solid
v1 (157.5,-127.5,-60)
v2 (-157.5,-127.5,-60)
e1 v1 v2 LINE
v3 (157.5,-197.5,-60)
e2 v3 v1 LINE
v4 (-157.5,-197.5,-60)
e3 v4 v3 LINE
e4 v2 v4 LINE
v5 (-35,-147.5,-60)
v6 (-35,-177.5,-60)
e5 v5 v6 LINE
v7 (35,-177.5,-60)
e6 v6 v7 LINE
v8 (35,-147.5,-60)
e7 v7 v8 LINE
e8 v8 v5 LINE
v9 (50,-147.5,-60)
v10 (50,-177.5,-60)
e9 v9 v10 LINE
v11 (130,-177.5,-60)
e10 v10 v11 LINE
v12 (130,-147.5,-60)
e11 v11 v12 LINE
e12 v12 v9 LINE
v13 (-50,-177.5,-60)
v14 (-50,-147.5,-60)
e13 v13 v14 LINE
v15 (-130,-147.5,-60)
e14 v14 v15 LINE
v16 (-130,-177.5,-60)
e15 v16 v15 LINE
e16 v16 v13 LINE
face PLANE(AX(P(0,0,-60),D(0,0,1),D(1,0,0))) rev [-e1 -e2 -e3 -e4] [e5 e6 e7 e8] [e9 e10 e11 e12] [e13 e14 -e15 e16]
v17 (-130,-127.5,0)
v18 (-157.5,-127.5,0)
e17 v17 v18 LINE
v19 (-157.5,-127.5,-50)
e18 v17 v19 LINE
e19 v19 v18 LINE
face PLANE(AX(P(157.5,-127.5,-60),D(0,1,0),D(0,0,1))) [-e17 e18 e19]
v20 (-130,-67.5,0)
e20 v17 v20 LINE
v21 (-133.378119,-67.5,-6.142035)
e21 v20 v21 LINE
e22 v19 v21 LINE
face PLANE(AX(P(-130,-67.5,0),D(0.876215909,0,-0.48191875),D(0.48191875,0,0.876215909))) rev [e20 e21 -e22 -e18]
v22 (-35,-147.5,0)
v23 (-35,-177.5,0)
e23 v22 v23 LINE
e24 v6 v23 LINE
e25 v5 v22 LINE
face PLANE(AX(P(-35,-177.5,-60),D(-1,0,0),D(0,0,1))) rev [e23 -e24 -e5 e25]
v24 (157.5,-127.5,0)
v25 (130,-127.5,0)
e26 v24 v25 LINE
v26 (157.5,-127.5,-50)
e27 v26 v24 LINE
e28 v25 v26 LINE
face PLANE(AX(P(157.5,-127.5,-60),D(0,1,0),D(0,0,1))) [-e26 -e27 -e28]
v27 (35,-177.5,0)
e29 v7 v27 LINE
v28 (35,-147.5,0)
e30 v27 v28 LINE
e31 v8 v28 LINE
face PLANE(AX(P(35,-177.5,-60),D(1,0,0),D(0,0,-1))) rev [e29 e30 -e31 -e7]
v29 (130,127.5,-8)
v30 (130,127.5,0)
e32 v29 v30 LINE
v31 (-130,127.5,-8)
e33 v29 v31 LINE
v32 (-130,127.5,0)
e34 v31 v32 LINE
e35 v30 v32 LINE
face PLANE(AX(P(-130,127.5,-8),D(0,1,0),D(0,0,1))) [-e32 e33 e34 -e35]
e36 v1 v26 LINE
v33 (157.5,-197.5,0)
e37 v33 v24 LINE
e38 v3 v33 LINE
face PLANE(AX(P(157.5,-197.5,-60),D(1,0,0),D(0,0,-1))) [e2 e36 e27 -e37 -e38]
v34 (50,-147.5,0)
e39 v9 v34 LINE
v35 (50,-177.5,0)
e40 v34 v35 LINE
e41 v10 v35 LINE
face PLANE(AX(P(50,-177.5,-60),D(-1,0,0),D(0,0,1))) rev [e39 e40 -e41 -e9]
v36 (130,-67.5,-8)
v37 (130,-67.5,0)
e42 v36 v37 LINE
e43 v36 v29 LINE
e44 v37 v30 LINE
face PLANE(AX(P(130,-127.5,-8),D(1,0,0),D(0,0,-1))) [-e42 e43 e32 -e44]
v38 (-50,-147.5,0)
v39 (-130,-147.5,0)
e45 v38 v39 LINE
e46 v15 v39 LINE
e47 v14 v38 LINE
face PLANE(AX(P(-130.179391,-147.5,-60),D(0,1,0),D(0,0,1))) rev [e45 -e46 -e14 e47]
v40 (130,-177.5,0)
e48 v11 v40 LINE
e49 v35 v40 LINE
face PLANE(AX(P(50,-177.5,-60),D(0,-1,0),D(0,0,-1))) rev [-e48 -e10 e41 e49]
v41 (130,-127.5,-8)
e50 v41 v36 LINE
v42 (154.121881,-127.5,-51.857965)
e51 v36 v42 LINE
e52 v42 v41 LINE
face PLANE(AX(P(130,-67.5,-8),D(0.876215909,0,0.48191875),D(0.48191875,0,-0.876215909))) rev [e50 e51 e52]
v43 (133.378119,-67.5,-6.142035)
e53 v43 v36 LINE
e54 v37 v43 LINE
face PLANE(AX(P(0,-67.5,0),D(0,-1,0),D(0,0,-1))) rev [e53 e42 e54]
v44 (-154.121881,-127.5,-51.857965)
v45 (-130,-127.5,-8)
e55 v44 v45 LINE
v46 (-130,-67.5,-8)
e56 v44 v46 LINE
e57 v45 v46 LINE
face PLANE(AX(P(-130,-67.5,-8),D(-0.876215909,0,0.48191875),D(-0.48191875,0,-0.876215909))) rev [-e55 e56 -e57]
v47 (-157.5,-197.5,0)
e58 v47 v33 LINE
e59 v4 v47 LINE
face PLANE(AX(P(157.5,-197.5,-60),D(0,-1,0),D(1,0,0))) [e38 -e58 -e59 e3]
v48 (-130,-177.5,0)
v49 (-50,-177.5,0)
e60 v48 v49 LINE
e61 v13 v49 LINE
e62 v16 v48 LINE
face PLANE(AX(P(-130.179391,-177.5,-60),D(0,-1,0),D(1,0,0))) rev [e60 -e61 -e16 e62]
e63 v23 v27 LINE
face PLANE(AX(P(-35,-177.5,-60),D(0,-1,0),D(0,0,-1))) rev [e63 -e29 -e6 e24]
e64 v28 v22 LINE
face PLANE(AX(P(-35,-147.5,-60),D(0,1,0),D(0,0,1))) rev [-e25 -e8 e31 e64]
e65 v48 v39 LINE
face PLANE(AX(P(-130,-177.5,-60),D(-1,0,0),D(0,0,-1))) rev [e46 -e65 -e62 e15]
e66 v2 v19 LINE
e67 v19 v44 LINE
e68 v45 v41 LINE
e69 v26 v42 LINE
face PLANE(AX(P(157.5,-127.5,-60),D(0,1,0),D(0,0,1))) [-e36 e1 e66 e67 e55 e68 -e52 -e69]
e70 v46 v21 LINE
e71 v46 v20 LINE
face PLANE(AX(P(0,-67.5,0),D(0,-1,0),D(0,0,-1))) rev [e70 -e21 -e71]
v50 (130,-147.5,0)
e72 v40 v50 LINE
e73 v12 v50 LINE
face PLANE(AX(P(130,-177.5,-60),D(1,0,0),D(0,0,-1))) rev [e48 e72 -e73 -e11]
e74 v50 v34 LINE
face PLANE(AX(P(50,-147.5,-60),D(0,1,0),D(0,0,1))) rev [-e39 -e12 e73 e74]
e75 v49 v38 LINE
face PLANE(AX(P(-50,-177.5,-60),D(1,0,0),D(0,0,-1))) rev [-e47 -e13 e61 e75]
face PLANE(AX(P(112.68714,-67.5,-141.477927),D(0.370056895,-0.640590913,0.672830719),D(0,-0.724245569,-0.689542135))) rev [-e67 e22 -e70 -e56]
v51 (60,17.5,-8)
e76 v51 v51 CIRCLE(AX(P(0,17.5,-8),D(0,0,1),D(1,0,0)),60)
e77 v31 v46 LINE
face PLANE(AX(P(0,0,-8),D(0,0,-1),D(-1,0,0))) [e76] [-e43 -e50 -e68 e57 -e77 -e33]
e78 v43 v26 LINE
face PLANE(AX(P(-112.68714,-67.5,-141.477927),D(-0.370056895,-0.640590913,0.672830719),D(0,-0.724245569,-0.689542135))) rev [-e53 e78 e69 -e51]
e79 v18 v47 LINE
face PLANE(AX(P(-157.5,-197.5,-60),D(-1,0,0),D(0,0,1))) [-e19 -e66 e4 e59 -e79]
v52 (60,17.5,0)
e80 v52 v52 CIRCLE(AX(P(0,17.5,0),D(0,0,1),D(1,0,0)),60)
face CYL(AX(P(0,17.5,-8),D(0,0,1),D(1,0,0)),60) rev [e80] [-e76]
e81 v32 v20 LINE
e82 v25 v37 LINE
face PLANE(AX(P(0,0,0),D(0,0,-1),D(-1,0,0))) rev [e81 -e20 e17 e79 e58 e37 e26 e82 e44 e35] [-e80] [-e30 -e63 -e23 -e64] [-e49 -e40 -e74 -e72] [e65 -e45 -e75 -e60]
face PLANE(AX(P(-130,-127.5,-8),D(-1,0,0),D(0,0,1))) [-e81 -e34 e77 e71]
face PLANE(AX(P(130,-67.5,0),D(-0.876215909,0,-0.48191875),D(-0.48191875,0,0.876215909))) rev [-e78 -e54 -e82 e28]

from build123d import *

# Parameters (mm, degrees)
SKETCH1_W           = 260
SKETCH1_H           = 255
SKETCH1_R           = 60
BOSS_EXTRUDE1_DEPTH = 8
SKETCH2_W           = 315
SKETCH2_H           = 70
SKETCH2_W_2         = 70
SKETCH2_H_2         = 30
SKETCH2_W_3         = 80
SKETCH2_W_4         = 80.179391324
BOSS_EXTRUDE2_DEPTH = 60
BOSS_EXTRUDE3_DEPTH = 60
CUT_EXTRUDE2_DEPTH  = 281.827198731
CUT_EXTRUDE3_DEPTH  = 281.827198731


with BuildPart() as part:
    # Sketch1 → Boss-Extrude1 (new body)
    with BuildSketch(Plane.XY):
        Rectangle(SKETCH1_W, SKETCH1_H)
        with Locations((0, 17.5)):
            Circle(SKETCH1_R, mode=Mode.SUBTRACT)
    extrude(amount=-BOSS_EXTRUDE1_DEPTH)

    # Sketch2 → Boss-Extrude2 (add)
    with BuildSketch(Plane.XY):
        with Locations((0, -162.5)):
            Rectangle(SKETCH2_W, SKETCH2_H)
        with Locations((0, -162.5)):
            Rectangle(SKETCH2_W_2, SKETCH2_H_2, mode=Mode.SUBTRACT)
        with Locations((90, -162.5)):
            Rectangle(SKETCH2_W_3, SKETCH2_H_2, mode=Mode.SUBTRACT)
        with Locations((-90.089695662, -162.5)):
            Rectangle(SKETCH2_W_4, SKETCH2_H_2, mode=Mode.SUBTRACT)
    extrude(amount=-BOSS_EXTRUDE2_DEPTH)

    # Sketch3 → Boss-Extrude3 (add)
    with BuildSketch(Plane(origin=(0, -127.5, 0), x_dir=(1, 0, 0), z_dir=(0, 1, 0))):
        Polygon((130, 0), (157.5, 50), (154.121880998, 51.857965451), (130, 8), align=None)
    extrude(amount=BOSS_EXTRUDE3_DEPTH)

    # Mirror1: part across plane


with BuildPart() as part_1:
    add(part.part)
    add(part.part.mirror(Plane(origin=(0, 0, 0), x_dir=(0, 0, 1), z_dir=(1, 0, 0))))

    # Sketch6 → Cut-Extrude2 (cut, through all)
    with BuildSketch(Plane(origin=(99.80806142, 0, 54.894433781), x_dir=(0.48191875, 0, -0.876215909), z_dir=(0.876215909, 0, 0.48191875))):
        Polygon((69.65916474, -67.5), (119.712998523, -127.5), (119.712998523, -67.5), align=None)
    extrude(amount=-CUT_EXTRUDE2_DEPTH, mode=Mode.SUBTRACT)

    # Sketch7 → Cut-Extrude3 (cut, through all)
    with BuildSketch(Plane(origin=(-99.80806142, 0, 54.894433781), x_dir=(0.48191875, 0, 0.876215909), z_dir=(-0.876215909, 0, 0.48191875))):
        Polygon((-69.65916474, -67.5), (-119.712998523, -127.5), (-119.712998523, -67.5), align=None)
    extrude(amount=-CUT_EXTRUDE3_DEPTH, mode=Mode.SUBTRACT)


solid = part_1.part
